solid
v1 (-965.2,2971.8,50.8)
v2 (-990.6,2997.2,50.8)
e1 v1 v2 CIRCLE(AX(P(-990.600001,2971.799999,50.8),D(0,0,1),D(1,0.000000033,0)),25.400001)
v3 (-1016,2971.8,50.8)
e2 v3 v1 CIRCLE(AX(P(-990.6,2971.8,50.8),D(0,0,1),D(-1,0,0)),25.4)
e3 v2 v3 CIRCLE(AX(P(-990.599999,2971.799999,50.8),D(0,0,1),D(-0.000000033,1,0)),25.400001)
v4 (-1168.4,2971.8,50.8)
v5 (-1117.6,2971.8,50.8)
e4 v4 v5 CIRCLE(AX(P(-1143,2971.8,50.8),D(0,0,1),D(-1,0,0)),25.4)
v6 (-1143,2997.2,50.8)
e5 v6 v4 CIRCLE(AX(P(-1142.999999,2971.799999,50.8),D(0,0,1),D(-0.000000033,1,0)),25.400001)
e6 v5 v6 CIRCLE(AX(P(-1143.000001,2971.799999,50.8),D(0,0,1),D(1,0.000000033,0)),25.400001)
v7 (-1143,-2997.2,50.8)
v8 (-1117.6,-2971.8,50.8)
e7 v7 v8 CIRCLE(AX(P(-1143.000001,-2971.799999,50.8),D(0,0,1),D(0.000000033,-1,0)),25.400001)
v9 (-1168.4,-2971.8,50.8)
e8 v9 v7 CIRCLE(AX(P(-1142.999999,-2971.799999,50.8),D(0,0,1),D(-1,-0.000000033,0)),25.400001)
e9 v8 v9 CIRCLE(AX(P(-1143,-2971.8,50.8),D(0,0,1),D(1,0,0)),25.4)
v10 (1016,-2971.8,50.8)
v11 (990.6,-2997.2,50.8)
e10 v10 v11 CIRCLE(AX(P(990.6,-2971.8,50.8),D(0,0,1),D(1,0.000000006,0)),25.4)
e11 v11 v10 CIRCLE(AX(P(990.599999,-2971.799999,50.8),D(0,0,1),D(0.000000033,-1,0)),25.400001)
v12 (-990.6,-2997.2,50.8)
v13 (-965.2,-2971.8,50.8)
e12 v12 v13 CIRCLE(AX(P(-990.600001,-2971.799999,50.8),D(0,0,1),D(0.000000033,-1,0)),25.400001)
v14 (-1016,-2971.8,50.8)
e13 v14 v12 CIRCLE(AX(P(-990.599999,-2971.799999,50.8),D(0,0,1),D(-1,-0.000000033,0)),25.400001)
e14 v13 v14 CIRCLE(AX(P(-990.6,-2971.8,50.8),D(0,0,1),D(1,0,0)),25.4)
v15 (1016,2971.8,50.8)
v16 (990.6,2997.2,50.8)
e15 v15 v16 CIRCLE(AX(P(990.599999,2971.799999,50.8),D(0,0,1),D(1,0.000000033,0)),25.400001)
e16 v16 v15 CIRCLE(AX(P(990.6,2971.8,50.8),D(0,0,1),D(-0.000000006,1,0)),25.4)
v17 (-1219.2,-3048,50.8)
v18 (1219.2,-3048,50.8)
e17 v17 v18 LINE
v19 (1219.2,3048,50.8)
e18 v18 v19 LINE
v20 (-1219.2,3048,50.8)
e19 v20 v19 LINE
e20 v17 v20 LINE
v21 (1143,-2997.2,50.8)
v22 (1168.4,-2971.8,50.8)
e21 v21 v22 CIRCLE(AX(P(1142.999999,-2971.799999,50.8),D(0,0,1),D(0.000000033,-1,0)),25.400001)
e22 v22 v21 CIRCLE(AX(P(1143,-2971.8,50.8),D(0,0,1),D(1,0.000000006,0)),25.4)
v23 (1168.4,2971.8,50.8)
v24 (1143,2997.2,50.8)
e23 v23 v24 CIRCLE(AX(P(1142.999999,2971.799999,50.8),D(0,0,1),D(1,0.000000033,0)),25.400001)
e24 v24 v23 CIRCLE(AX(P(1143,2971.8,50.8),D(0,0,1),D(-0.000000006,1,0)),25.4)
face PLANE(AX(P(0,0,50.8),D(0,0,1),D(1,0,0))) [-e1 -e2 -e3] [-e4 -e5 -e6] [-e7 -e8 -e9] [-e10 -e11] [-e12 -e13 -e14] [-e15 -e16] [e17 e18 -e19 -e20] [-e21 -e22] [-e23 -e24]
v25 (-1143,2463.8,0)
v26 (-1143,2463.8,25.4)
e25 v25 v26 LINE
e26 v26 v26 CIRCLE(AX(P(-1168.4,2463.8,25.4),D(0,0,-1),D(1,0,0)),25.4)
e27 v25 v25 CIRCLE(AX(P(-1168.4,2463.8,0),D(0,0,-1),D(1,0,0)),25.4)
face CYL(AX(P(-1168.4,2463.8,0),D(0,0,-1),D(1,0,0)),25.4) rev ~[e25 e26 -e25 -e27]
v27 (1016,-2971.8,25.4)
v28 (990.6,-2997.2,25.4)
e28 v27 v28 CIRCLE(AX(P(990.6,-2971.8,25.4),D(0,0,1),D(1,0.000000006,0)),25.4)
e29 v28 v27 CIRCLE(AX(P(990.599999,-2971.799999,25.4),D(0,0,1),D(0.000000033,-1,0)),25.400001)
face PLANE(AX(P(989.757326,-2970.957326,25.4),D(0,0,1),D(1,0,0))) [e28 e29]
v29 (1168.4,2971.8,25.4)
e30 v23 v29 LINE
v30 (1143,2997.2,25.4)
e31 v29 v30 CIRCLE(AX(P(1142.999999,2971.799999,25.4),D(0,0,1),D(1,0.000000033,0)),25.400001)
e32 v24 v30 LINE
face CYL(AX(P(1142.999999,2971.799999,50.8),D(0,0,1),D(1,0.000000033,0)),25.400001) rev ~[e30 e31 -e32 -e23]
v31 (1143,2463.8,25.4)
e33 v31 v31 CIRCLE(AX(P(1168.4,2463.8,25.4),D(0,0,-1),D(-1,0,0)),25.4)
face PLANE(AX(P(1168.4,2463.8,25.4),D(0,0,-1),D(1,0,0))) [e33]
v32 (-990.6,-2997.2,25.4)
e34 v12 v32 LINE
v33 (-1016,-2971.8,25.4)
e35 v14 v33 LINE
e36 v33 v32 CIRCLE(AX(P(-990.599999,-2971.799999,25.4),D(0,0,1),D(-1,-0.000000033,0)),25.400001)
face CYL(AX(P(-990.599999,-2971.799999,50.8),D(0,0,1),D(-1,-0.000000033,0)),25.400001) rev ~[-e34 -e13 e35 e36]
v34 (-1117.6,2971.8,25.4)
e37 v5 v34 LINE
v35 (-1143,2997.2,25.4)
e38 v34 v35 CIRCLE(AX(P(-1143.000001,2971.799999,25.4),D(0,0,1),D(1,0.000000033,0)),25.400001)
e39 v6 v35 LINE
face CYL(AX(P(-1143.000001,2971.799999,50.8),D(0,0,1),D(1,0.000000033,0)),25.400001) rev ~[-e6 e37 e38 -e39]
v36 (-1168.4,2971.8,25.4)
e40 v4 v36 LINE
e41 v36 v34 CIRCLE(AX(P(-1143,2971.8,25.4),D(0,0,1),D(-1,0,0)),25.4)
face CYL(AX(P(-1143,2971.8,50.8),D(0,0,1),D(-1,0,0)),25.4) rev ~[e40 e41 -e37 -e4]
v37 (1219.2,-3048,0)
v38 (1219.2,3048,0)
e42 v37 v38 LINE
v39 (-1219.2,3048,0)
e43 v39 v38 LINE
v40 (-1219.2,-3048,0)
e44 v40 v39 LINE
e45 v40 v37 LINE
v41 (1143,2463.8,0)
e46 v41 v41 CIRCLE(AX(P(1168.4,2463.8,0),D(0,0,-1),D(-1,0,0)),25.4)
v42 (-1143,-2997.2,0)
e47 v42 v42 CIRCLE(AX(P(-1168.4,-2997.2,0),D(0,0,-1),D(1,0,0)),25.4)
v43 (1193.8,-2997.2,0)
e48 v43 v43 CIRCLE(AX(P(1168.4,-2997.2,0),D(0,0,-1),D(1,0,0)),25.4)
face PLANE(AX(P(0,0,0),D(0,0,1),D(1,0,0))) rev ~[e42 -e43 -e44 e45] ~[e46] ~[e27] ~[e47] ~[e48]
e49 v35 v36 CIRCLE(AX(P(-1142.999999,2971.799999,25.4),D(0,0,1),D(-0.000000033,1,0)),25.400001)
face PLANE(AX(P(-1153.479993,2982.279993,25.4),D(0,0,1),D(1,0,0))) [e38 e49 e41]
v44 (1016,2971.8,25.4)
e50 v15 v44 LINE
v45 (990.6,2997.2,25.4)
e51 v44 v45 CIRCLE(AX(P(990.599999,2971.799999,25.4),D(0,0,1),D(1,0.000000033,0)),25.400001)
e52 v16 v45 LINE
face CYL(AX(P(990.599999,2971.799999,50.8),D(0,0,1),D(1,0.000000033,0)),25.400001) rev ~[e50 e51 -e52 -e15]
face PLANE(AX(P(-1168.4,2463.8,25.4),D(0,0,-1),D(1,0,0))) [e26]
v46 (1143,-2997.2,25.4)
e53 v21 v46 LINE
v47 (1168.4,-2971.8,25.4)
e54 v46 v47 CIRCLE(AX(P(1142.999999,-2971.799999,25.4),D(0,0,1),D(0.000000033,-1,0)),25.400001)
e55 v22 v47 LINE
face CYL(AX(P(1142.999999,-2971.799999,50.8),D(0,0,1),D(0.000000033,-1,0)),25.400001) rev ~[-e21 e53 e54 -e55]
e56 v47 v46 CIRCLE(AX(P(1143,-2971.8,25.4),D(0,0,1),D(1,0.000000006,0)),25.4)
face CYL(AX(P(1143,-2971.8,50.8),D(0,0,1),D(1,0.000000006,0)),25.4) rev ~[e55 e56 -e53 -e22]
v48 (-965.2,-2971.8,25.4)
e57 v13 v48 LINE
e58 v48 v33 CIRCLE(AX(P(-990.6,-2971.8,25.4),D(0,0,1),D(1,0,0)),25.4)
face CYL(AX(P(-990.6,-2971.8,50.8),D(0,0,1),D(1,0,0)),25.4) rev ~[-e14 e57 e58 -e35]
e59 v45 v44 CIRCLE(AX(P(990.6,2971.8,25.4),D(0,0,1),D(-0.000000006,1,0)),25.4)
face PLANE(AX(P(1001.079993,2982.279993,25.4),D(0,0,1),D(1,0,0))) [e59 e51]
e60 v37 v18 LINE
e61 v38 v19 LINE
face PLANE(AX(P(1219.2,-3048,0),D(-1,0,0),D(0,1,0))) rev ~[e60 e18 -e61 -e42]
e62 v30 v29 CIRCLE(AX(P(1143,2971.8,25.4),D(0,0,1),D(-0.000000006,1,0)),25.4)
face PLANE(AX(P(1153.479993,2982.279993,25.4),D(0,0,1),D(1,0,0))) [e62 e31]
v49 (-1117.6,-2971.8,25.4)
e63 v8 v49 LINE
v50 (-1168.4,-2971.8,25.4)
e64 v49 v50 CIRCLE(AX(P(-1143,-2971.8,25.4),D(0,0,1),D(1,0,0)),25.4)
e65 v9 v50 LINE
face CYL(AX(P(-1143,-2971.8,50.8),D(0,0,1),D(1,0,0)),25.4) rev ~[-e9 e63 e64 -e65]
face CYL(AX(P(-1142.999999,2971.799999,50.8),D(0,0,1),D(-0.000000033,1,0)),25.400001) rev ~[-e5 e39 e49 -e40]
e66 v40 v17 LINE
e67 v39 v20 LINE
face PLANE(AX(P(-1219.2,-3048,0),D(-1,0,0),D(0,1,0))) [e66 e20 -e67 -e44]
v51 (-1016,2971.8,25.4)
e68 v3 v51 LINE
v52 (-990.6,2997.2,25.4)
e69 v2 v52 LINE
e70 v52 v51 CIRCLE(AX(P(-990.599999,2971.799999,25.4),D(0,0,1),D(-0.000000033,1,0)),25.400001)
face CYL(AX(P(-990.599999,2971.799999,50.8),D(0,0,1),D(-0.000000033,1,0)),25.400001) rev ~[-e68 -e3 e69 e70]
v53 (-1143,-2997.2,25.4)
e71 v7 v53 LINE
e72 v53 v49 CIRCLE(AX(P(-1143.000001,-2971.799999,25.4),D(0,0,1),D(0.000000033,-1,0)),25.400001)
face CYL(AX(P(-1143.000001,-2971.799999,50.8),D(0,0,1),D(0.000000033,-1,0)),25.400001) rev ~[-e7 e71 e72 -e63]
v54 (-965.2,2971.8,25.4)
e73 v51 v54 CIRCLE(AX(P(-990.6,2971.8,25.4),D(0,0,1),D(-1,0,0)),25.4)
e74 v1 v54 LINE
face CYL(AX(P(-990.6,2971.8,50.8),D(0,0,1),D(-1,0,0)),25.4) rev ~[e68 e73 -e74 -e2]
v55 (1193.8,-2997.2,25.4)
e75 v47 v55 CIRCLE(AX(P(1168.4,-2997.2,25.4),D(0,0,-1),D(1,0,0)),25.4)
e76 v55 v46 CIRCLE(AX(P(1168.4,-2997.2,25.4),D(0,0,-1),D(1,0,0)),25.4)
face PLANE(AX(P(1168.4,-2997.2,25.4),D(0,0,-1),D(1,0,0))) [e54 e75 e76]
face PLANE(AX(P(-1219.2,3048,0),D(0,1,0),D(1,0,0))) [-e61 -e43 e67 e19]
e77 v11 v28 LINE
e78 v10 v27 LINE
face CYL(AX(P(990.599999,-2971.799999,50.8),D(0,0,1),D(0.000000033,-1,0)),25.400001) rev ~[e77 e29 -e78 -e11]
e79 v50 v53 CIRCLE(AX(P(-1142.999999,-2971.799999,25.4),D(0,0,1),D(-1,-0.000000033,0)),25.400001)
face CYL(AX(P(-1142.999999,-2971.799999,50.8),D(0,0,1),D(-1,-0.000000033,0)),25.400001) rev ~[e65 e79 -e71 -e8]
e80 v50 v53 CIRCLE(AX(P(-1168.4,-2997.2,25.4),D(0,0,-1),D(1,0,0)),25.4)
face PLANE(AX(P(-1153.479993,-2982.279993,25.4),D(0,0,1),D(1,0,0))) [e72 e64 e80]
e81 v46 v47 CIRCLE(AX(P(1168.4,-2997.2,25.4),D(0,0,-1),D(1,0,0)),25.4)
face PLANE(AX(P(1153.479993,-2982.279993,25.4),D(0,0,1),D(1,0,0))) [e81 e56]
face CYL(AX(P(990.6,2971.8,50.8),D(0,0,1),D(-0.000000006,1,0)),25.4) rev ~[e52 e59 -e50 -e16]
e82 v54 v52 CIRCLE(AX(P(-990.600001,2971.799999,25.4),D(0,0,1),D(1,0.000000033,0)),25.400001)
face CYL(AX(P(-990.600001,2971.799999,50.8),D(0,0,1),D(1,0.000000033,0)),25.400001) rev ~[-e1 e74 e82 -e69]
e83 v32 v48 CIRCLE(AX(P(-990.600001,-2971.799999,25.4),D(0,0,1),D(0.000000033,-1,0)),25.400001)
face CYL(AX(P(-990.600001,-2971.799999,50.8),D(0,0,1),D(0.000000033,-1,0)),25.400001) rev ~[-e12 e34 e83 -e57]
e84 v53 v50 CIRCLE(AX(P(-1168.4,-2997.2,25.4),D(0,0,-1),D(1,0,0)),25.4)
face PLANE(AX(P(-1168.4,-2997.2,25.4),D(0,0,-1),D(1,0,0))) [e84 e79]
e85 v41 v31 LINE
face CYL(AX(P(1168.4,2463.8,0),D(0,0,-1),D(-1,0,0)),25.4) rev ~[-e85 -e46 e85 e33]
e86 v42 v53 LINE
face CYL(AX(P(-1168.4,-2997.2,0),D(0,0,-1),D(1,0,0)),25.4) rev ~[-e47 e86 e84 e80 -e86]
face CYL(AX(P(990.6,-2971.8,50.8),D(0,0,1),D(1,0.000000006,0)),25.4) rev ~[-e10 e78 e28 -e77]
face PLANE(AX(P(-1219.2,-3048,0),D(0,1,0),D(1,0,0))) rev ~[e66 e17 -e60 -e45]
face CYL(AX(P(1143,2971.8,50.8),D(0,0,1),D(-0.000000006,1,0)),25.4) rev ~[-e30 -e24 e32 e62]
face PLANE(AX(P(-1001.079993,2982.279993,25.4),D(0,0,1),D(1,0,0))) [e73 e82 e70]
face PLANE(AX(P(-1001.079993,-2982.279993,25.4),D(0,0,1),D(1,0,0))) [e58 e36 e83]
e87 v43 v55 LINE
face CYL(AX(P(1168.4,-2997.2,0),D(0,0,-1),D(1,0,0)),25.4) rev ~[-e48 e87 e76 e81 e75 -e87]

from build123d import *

# Parameters (mm, degrees)
F0_W     = 2438.4
F0_H     = 6096
F1_DEPTH = 50.8
F3_DEPTH = 25.4
F5_DEPTH = 25.4
F6_R     = 25.4
F7_DEPTH = 25.4
F8_DEPTH = 25.4
F9_DEPTH = 25.4


with BuildPart() as f1:
    # F0 (on Top) → F1 (new body)
    with BuildSketch(Plane.XY):
        Rectangle(F0_W, F0_H)
    extrude(amount=F1_DEPTH)

    # F2 (on face) → F3 (cut)
    with BuildSketch(Plane.XY.offset(50.8)):
        with BuildLine():
            Line((1143, 2971.8), (1168.4, 2971.8))
            ThreePointArc((1168.4, 2971.8), (1160.960512, 2989.760512), (1143, 2997.2))
            Line((1143, 2997.2), (1143, 2971.8))
        make_face()
        with BuildLine():
            ThreePointArc((1143, 2997.2), (1125.039488, 2953.839488), (1168.4, 2971.8))
            Line((1168.4, 2971.8), (1143, 2971.8))
            Line((1143, 2971.8), (1143, 2997.2))
        make_face()
        with BuildLine():
            Line((1143, -2971.8), (1143, -2997.2))
            ThreePointArc((1143, -2997.2), (1160.960512, -2989.760512), (1168.4, -2971.8))
            Line((1168.4, -2971.8), (1143, -2971.8))
        make_face()
        with BuildLine():
            ThreePointArc((1168.4, -2971.8), (1125.039488, -2953.839488), (1143, -2997.2))
            Line((1143, -2997.2), (1143, -2971.8))
            Line((1143, -2971.8), (1168.4, -2971.8))
        make_face()
        with BuildLine():
            ThreePointArc((-1168.4, -2971.8), (-1160.960512, -2989.760512), (-1143, -2997.2))
            Line((-1143, -2997.2), (-1143, -2971.8))
            Line((-1143, -2971.8), (-1168.4, -2971.8))
        make_face()
        with BuildLine():
            Line((-1143, -2971.8), (-1143, -2997.2))
            ThreePointArc((-1143, -2997.2), (-1125.039488, -2989.760512), (-1117.6, -2971.8))
            ThreePointArc((-1117.6, -2971.8), (-1143, -2946.4), (-1168.4, -2971.8))
            Line((-1168.4, -2971.8), (-1143, -2971.8))
        make_face()
        with BuildLine():
            ThreePointArc((-1143, 2997.2), (-1160.960512, 2989.760512), (-1168.4, 2971.8))
            Line((-1168.4, 2971.8), (-1143, 2971.8))
            Line((-1143, 2971.8), (-1143, 2997.2))
        make_face()
        with BuildLine():
            Line((-1143, 2971.8), (-1168.4, 2971.8))
            ThreePointArc((-1168.4, 2971.8), (-1143, 2946.4), (-1117.6, 2971.8))
            ThreePointArc((-1117.6, 2971.8), (-1125.039488, 2989.760512), (-1143, 2997.2))
            Line((-1143, 2997.2), (-1143, 2971.8))
        make_face()
    extrude(amount=-F3_DEPTH, mode=Mode.SUBTRACT)

    # F4 (on face) → F5 (cut)
    with BuildSketch(Plane.XY.offset(50.8)):
        with BuildLine():
            ThreePointArc((1016, -2971.8), (972.639488, -2953.839488), (990.6, -2997.2))
            Line((990.6, -2997.2), (990.6, -2971.8))
            Line((990.6, -2971.8), (1016, -2971.8))
        make_face()
        with BuildLine():
            Line((990.6, -2971.8), (990.6, -2997.2))
            ThreePointArc((990.6, -2997.2), (1008.560512, -2989.760512), (1016, -2971.8))
            Line((1016, -2971.8), (990.6, -2971.8))
        make_face()
        with BuildLine():
            Line((-990.6, -2971.8), (-1016, -2971.8))
            ThreePointArc((-1016, -2971.8), (-1008.560512, -2989.760512), (-990.6, -2997.2))
            Line((-990.6, -2997.2), (-990.6, -2971.8))
        make_face()
        with BuildLine():
            ThreePointArc((-965.2, -2971.8), (-990.6, -2946.4), (-1016, -2971.8))
            Line((-1016, -2971.8), (-990.6, -2971.8))
            Line((-990.6, -2971.8), (-990.6, -2997.2))
            ThreePointArc((-990.6, -2997.2), (-972.639488, -2989.760512), (-965.2, -2971.8))
        make_face()
        with BuildLine():
            ThreePointArc((1016, 2971.8), (1008.560512, 2989.760512), (990.6, 2997.2))
            Line((990.6, 2997.2), (990.6, 2971.8))
            Line((990.6, 2971.8), (1016, 2971.8))
        make_face()
        with BuildLine():
            Line((990.6, 2971.8), (990.6, 2997.2))
            ThreePointArc((990.6, 2997.2), (972.639488, 2953.839488), (1016, 2971.8))
            Line((1016, 2971.8), (990.6, 2971.8))
        make_face()
        with BuildLine():
            Line((-990.6, 2971.8), (-990.6, 2997.2))
            ThreePointArc((-990.6, 2997.2), (-1008.560512, 2989.760512), (-1016, 2971.8))
            Line((-1016, 2971.8), (-990.6, 2971.8))
        make_face()
        with BuildLine():
            ThreePointArc((-965.2, 2971.8), (-972.639488, 2989.760512), (-990.6, 2997.2))
            Line((-990.6, 2997.2), (-990.6, 2971.8))
            Line((-990.6, 2971.8), (-1016, 2971.8))
            ThreePointArc((-1016, 2971.8), (-990.6, 2946.4), (-965.2, 2971.8))
        make_face()
    extrude(amount=-F5_DEPTH, mode=Mode.SUBTRACT)

    # F6 (on face) → F7 (cut)
    with BuildSketch(Plane(origin=(0, 0, 0), x_dir=(1, 0, 0), z_dir=(0, 0, -1))):
        with Locations((-1168.4, -2463.8)):
            Circle(F6_R)
    extrude(amount=-F7_DEPTH, mode=Mode.SUBTRACT)

    # F6 (on face) → F8 (cut)
    with BuildSketch(Plane(origin=(0, 0, 0), x_dir=(1, 0, 0), z_dir=(0, 0, -1))):
        with Locations((-1168.4, -2463.8)):
            Circle(F6_R)
        with BuildLine():
            ThreePointArc((1193.8, -2463.8), (1168.4, -2438.4), (1143, -2463.8))
            ThreePointArc((1143, -2463.8), (1168.4, -2489.2), (1193.8, -2463.8))
        make_face()
        with Locations((-1168.4, 2997.2)):
            Circle(F6_R)
        with Locations((1168.4, 2997.2)):
            Circle(F6_R)
    extrude(amount=-F8_DEPTH, mode=Mode.SUBTRACT)

    # F6 (on face) → F9 (cut)
    with BuildSketch(Plane(origin=(0, 0, 0), x_dir=(1, 0, 0), z_dir=(0, 0, -1))):
        with Locations((-1168.4, -2463.8)):
            Circle(F6_R)
        with BuildLine():
            ThreePointArc((1193.8, -2463.8), (1168.4, -2438.4), (1143, -2463.8))
            ThreePointArc((1143, -2463.8), (1168.4, -2489.2), (1193.8, -2463.8))
        make_face()
        with Locations((-1168.4, 2997.2)):
            Circle(F6_R)
        with Locations((1168.4, 2997.2)):
            Circle(F6_R)
    extrude(amount=-F9_DEPTH, mode=Mode.SUBTRACT)


solid = f1.part
